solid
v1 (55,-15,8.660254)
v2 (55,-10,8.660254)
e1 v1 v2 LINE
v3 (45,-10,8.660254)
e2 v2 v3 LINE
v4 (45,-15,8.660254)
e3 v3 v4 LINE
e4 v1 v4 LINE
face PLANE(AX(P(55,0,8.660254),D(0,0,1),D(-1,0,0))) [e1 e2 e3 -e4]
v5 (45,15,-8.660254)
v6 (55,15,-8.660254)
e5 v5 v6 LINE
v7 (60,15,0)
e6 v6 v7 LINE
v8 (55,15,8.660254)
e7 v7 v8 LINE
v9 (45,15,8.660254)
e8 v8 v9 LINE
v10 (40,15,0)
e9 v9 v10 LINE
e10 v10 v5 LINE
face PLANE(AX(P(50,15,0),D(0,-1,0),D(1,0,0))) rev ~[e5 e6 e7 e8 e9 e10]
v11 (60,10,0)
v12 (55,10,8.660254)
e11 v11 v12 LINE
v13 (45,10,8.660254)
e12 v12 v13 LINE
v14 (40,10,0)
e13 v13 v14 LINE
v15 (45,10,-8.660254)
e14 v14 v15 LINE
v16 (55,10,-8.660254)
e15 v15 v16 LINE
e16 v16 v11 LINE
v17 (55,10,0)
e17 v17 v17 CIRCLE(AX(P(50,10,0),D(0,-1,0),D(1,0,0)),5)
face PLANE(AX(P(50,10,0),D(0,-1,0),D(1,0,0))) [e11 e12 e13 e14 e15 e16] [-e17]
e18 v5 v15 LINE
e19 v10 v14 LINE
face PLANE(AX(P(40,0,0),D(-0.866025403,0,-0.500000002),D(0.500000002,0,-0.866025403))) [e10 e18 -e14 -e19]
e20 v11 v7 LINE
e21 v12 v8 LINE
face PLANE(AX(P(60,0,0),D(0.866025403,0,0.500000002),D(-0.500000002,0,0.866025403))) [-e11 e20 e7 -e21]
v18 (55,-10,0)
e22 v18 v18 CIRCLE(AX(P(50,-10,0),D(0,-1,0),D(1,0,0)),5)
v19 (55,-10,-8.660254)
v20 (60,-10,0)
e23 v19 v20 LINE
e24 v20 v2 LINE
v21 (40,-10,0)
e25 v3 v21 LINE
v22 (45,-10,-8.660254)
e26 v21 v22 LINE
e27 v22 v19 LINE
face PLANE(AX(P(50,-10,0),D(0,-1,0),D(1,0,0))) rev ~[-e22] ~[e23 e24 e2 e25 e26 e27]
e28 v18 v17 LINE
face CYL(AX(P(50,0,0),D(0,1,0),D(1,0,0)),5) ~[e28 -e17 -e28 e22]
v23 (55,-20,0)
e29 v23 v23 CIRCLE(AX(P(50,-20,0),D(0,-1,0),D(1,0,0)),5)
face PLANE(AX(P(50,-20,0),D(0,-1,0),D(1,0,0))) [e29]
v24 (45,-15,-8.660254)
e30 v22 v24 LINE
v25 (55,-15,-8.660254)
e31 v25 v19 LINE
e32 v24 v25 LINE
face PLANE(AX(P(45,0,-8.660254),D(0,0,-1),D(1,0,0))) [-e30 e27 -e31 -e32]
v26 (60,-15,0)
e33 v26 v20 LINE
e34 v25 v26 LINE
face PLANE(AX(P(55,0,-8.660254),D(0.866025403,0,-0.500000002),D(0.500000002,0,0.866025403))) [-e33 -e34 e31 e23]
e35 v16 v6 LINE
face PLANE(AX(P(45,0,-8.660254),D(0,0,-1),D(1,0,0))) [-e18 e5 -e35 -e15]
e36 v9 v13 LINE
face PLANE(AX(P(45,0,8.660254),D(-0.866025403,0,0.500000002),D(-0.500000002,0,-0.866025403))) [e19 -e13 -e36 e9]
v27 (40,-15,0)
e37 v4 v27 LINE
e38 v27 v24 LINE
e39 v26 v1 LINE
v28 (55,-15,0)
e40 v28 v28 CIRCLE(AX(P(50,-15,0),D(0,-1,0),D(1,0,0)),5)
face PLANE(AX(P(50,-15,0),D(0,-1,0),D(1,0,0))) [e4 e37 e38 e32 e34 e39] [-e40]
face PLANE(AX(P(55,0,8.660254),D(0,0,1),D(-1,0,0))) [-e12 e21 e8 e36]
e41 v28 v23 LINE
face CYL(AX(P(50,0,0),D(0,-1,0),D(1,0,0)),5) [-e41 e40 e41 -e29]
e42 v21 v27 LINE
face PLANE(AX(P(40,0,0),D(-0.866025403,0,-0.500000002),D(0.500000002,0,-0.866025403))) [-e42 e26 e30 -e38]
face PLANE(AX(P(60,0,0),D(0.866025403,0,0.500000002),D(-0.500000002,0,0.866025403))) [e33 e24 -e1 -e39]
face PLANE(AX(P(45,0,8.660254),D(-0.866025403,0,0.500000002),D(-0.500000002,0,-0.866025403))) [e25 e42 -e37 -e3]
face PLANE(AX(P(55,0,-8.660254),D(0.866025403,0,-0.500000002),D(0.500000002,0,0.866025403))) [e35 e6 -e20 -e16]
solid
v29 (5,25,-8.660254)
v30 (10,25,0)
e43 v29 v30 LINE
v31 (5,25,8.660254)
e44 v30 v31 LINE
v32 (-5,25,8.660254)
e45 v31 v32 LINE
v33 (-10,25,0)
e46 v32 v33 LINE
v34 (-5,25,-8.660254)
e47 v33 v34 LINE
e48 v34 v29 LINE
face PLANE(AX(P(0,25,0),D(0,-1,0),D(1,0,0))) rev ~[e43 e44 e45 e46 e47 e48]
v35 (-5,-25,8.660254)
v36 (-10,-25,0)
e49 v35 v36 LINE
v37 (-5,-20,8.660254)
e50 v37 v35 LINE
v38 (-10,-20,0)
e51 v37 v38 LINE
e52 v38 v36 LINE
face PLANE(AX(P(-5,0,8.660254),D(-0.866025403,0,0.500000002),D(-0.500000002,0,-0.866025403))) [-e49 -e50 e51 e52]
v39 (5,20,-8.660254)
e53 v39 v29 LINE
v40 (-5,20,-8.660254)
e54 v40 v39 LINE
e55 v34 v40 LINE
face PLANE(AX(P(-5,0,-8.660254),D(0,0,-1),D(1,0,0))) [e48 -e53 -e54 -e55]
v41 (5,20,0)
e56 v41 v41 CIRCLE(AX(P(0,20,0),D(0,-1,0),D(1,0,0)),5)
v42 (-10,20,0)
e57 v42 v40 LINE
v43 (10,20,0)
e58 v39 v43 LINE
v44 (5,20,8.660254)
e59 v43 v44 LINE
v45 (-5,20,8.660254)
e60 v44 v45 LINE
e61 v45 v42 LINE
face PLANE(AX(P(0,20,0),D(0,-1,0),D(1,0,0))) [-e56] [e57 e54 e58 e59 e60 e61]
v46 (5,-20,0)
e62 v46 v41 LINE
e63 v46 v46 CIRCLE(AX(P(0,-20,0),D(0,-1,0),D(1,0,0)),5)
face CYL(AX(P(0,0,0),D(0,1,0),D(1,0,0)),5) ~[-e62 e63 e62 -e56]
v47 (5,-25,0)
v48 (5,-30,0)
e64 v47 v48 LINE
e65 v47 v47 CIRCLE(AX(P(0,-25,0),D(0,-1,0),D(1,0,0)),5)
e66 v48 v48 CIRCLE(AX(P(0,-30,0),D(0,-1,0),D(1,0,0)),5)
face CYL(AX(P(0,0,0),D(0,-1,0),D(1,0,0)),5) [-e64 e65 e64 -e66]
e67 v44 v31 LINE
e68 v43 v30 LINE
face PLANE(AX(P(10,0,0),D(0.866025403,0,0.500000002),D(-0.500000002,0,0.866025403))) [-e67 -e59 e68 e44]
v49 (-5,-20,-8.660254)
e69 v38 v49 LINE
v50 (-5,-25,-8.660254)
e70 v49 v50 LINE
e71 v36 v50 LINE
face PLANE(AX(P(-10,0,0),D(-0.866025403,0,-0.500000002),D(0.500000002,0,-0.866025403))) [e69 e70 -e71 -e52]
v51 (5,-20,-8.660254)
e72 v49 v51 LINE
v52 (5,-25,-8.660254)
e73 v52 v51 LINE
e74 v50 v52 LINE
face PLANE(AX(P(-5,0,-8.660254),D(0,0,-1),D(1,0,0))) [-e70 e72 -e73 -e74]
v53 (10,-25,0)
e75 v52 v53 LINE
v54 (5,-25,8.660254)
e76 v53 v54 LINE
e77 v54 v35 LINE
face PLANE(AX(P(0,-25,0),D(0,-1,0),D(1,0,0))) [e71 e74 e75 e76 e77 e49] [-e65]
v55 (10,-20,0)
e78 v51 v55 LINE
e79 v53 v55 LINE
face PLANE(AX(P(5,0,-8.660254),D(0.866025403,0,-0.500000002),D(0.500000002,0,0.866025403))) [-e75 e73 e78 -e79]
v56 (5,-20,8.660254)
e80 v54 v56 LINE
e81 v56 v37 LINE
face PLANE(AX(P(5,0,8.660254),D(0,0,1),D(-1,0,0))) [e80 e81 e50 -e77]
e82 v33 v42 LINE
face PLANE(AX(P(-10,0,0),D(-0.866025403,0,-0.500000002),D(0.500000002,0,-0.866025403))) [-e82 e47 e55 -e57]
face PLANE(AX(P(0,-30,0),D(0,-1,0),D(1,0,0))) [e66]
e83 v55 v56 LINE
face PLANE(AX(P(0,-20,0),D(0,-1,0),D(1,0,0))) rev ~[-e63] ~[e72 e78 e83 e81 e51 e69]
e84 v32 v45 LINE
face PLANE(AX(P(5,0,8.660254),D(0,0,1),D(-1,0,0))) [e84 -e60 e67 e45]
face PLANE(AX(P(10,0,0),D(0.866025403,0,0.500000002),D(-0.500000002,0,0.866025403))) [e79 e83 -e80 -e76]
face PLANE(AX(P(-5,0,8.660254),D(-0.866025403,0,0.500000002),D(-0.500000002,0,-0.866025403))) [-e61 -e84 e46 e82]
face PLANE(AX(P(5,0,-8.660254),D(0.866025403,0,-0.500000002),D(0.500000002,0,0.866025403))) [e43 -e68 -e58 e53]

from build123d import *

# Parameters (mm, degrees)
F0_R          = 5
F1_DEPTH      = 30
F1_DEPTH_BACK = 25
F2_DEPTH      = 25
F3_DEPTH      = 20
F4_DEPTH      = 20
F4_DEPTH_BACK = 15
F5_DEPTH      = 15
F6_DEPTH      = 10


with BuildPart() as f1:
    # F0 (on Front) → F1 (new body, two sides)
    with BuildSketch(Plane.XZ) as f1_sk:
        Circle(F0_R)
    extrude(amount=F1_DEPTH)
    extrude(f1_sk.sketch, amount=-F1_DEPTH_BACK)

    # F0 (on Front) → F2 (join, symmetric)
    with BuildSketch(Plane.XZ):
        Polygon((5, 8.660254), (-5, 8.660254), (-10, 0), (-5, -8.660254), (5, -8.660254), (10, 0), align=None)
        Circle(F0_R, mode=Mode.SUBTRACT)
    extrude(amount=F2_DEPTH, both=True)

    # F0 (on Front) → F3 (cut, symmetric)
    with BuildSketch(Plane.XZ):
        Polygon((5, 8.660254), (-5, 8.660254), (-10, 0), (-5, -8.660254), (5, -8.660254), (10, 0), align=None)
        Circle(F0_R, mode=Mode.SUBTRACT)
    extrude(amount=F3_DEPTH, both=True, mode=Mode.SUBTRACT)


with BuildPart() as f4:
    # F0 (on Front) → F4 (new body, two sides)
    with BuildSketch(Plane.XZ) as f4_sk:
        with Locations((50, 0)):
            Circle(F0_R)
    extrude(amount=F4_DEPTH)
    extrude(f4_sk.sketch, amount=-F4_DEPTH_BACK)

    # F0 (on Front) → F5 (join, symmetric)
    with BuildSketch(Plane.XZ):
        Polygon((55, 8.660254), (45, 8.660254), (40, 0), (45, -8.660254), (55, -8.660254), (60, 0), align=None)
        with Locations((50, 0)):
            Circle(F0_R, mode=Mode.SUBTRACT)
    extrude(amount=F5_DEPTH, both=True)

    # F0 (on Front) → F6 (cut, symmetric)
    with BuildSketch(Plane.XZ):
        Polygon((55, 8.660254), (45, 8.660254), (40, 0), (45, -8.660254), (55, -8.660254), (60, 0), align=None)
        with Locations((50, 0)):
            Circle(F0_R, mode=Mode.SUBTRACT)
    extrude(amount=F6_DEPTH, both=True, mode=Mode.SUBTRACT)


solid = Compound([f1.part, f4.part])
